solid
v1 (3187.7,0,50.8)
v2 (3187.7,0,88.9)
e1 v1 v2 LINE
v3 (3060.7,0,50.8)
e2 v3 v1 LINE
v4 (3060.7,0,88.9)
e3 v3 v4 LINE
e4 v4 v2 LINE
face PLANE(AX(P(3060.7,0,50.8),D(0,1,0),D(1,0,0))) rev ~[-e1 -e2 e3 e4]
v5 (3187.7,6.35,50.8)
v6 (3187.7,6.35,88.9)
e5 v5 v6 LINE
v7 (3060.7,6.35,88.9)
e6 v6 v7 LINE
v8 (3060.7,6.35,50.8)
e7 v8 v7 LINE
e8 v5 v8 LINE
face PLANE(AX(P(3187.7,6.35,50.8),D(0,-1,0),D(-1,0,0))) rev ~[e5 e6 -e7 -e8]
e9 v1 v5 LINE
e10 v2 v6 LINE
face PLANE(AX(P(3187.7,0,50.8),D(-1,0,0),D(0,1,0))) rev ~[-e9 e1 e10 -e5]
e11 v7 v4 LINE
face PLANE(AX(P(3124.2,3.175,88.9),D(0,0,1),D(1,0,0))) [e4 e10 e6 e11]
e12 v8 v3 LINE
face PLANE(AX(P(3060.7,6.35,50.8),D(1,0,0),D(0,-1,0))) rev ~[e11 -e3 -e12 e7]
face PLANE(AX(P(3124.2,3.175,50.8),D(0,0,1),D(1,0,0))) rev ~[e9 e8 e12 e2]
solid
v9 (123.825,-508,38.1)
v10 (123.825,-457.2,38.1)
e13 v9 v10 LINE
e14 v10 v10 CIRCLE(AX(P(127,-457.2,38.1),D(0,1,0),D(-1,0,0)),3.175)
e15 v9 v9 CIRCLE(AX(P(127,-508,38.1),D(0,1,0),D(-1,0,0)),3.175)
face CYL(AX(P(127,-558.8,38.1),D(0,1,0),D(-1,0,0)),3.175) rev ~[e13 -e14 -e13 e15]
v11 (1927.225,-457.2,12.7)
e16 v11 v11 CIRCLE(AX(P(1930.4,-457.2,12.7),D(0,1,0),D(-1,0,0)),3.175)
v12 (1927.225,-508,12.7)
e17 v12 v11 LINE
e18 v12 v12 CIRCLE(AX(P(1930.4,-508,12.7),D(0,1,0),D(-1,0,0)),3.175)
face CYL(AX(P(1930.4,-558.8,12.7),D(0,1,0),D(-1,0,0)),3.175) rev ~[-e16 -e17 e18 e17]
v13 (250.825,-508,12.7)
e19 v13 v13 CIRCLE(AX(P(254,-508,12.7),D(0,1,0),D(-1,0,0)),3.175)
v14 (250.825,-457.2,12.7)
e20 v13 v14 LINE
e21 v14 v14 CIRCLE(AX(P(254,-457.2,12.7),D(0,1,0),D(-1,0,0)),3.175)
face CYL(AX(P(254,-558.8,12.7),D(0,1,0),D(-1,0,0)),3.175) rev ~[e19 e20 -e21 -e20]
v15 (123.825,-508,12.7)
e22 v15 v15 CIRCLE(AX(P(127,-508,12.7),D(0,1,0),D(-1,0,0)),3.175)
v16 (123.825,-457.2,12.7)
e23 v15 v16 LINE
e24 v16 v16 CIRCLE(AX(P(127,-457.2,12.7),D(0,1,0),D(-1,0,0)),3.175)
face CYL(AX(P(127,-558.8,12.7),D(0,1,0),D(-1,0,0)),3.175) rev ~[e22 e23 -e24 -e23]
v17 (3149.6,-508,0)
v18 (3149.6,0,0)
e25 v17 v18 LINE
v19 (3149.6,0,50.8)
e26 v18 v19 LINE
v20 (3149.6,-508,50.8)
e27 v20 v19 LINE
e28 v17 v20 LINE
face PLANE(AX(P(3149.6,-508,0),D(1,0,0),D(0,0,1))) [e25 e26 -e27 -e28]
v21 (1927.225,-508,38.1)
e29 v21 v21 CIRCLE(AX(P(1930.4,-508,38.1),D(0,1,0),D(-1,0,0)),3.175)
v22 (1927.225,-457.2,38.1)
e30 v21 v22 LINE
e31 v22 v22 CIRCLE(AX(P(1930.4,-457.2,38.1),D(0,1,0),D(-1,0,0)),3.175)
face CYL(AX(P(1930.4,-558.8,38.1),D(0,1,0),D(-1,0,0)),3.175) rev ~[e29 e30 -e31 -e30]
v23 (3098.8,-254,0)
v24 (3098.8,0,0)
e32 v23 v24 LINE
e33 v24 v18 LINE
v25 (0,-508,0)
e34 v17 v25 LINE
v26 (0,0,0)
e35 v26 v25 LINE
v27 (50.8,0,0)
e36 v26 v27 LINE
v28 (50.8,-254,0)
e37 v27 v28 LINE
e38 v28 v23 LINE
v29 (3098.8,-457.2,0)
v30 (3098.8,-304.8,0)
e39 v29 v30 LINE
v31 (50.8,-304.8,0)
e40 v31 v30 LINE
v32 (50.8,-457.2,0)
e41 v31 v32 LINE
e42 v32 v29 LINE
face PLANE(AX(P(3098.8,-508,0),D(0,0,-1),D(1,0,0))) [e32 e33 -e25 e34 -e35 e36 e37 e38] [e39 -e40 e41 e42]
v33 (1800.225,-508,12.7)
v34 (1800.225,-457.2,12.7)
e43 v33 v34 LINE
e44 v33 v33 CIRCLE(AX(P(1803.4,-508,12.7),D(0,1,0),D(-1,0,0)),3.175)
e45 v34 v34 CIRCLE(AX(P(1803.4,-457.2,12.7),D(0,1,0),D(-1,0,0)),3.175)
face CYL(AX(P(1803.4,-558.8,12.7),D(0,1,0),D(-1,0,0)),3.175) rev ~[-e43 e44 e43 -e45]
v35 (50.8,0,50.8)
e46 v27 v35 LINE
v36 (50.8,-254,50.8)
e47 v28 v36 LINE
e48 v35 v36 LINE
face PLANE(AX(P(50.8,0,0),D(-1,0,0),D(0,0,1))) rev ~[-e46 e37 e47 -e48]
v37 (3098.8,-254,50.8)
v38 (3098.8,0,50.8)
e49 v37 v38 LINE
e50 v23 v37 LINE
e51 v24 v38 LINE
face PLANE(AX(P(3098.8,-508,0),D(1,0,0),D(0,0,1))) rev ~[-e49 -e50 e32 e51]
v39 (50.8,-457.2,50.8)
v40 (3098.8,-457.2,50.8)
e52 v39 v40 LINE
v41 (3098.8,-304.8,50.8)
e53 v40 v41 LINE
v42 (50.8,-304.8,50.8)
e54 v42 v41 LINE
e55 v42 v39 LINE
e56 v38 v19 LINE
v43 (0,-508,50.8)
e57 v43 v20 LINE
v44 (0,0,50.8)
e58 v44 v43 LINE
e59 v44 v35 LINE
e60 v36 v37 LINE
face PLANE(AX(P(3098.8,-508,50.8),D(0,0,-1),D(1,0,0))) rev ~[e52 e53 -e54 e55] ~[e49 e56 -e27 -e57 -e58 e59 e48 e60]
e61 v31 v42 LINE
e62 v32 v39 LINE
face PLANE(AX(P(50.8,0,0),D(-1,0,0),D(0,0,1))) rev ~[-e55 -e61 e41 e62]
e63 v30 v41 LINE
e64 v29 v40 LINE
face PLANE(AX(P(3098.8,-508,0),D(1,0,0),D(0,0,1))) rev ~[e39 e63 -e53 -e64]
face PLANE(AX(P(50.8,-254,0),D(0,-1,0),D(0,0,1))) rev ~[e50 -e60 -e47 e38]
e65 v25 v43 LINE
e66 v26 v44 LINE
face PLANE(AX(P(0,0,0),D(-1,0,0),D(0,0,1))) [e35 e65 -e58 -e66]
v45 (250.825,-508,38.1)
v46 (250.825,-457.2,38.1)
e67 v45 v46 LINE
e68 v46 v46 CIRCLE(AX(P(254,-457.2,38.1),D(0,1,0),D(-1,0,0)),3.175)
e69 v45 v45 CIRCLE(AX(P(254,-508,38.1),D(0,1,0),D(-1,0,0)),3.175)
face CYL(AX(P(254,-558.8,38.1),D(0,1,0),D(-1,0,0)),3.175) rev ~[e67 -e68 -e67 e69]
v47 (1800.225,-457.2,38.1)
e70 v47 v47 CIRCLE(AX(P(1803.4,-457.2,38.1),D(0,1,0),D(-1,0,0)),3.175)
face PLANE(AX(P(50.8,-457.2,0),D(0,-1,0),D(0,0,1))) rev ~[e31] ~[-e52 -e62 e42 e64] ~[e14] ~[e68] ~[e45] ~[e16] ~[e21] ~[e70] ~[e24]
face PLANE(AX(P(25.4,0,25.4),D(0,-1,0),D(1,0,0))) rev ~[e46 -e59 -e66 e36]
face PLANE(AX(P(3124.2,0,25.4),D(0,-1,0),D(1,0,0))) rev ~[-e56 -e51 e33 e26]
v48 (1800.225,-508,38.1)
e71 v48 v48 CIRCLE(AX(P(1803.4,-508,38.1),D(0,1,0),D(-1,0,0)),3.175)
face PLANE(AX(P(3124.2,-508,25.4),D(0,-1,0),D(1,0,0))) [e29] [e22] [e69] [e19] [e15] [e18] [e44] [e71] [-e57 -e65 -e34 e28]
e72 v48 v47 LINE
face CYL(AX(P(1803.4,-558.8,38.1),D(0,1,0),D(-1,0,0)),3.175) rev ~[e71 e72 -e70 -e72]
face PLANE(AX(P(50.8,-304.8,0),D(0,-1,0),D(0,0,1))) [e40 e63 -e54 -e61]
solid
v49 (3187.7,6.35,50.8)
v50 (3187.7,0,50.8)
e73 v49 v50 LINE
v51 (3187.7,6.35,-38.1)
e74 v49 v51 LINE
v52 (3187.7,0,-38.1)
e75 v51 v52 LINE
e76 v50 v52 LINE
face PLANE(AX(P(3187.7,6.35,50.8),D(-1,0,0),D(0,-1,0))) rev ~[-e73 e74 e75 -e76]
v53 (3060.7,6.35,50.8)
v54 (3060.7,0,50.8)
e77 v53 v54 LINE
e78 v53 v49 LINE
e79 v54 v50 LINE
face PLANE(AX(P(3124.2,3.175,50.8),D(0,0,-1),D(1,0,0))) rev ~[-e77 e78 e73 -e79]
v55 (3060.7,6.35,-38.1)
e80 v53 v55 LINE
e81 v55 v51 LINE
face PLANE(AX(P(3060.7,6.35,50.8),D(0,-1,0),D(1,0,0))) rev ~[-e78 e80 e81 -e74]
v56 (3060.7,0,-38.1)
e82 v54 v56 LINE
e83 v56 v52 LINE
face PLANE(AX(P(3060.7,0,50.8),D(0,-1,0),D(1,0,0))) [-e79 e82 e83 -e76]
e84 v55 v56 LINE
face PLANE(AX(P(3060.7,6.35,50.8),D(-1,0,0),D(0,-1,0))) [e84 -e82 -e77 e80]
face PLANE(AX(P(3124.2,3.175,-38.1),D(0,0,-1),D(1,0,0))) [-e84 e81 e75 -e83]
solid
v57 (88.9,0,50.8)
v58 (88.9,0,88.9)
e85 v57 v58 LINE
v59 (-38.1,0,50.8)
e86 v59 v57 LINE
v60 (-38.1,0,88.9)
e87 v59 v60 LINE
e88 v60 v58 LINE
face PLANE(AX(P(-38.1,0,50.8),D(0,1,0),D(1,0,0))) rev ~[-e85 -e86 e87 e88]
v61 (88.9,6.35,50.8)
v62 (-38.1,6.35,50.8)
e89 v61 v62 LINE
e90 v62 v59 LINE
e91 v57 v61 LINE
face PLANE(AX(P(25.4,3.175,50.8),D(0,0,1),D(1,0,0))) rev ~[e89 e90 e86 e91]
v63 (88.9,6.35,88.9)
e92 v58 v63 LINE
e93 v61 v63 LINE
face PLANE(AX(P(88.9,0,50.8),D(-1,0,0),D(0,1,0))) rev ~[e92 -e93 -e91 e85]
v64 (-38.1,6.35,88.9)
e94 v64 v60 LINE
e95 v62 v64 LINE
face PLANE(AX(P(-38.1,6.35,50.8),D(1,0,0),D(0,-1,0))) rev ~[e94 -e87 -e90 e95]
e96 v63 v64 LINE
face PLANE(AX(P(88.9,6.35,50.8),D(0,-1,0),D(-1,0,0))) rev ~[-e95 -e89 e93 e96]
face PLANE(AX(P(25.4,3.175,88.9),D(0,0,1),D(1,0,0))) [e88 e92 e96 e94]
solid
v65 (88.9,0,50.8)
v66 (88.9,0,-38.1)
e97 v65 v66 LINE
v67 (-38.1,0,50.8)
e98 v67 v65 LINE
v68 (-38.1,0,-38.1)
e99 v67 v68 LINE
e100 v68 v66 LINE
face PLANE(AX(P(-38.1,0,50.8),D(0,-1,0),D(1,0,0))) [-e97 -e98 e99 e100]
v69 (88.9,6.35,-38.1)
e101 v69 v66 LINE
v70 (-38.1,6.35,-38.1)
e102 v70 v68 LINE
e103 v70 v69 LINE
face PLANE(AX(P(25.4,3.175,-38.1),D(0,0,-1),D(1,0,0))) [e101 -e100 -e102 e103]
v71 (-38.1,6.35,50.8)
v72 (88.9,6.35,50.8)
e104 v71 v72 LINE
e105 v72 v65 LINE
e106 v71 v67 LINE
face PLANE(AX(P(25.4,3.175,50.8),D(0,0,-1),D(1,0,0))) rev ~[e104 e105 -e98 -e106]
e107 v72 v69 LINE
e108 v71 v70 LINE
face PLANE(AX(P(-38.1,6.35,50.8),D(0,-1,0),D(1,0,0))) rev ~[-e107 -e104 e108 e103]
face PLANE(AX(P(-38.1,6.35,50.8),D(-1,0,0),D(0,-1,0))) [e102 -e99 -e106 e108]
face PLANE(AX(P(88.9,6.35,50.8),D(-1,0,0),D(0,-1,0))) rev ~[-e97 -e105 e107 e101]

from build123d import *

# Parameters (mm, degrees)
F0_W      = 50.8
F0_H      = 50.8
F1_DEPTH  = 508
F2_W      = 50.8
F2_H      = 50.8
F3_DEPTH  = 3048
F4_W      = 50.8
F4_H      = 50.8
F5_DEPTH  = 508
F7_DEPTH  = 38.1
F7_FACE_W = 127
F7_FACE_H = 6.35
F8_DEPTH  = 88.9
F10_D     = 6.35
F10_DEPTH = 50.8


with BuildPart() as f1:
    # F0 (on Front) → F1 (new body)
    with BuildSketch(Plane.XZ):
        with Locations((25.4, 25.4)):
            Rectangle(F0_W, F0_H)
    extrude(amount=F1_DEPTH)

    # F2 (on face) → F3 (join)
    with BuildSketch(Plane.YZ.offset(50.8)):
        with Locations((-482.6, 25.4)):
            Rectangle(F2_W, F2_H)
        with Locations((-279.4, 25.4)):
            Rectangle(F2_W, F2_H)
    extrude(amount=F3_DEPTH)

    # F4 (on face) → F5 (join)
    with BuildSketch(Plane.XZ.offset(508)):
        with Locations((3124.2, 25.4)):
            Rectangle(F4_W, F4_H)
    extrude(amount=-F5_DEPTH)

    # F10
    with Locations(Plane.XZ.offset(508)):
        with Locations((127, 38.1), (254, 38.1), (127, 12.7), (254, 12.7), (1803.4, 38.1), (1803.4, 12.7), (1930.4, 38.1), (1930.4, 12.7)):
            Hole(F10_D / 2, depth=F10_DEPTH)


with BuildPart() as f7:
    # F6 (on face) → F7 (new body)
    with BuildSketch(Plane.XY.offset(50.8)):
        Polygon((3098.8, 0), (3149.6, 0), (3187.7, 0), (3187.7, 6.35), (3060.7, 6.35), (3060.7, 0), align=None)
        Polygon((-38.1, 6.35), (-38.1, 0), (0, 0), (50.8, 0), (88.9, 0), (88.9, 6.35), align=None)
    extrude(amount=F7_DEPTH)


with BuildPart() as f8:
    # F7_face (on face) → F8 (new body)
    with BuildSketch(Plane(origin=(25.4, 3.175, 50.8), x_dir=(1, 0, 0), z_dir=(0, 0, -1))):
        Rectangle(F7_FACE_W, F7_FACE_H)
        with Locations((3098.8, 0)):
            Rectangle(F7_FACE_W, F7_FACE_H)
    extrude(amount=F8_DEPTH)


solid = Compound([f1.part, f7.part, f8.part])
